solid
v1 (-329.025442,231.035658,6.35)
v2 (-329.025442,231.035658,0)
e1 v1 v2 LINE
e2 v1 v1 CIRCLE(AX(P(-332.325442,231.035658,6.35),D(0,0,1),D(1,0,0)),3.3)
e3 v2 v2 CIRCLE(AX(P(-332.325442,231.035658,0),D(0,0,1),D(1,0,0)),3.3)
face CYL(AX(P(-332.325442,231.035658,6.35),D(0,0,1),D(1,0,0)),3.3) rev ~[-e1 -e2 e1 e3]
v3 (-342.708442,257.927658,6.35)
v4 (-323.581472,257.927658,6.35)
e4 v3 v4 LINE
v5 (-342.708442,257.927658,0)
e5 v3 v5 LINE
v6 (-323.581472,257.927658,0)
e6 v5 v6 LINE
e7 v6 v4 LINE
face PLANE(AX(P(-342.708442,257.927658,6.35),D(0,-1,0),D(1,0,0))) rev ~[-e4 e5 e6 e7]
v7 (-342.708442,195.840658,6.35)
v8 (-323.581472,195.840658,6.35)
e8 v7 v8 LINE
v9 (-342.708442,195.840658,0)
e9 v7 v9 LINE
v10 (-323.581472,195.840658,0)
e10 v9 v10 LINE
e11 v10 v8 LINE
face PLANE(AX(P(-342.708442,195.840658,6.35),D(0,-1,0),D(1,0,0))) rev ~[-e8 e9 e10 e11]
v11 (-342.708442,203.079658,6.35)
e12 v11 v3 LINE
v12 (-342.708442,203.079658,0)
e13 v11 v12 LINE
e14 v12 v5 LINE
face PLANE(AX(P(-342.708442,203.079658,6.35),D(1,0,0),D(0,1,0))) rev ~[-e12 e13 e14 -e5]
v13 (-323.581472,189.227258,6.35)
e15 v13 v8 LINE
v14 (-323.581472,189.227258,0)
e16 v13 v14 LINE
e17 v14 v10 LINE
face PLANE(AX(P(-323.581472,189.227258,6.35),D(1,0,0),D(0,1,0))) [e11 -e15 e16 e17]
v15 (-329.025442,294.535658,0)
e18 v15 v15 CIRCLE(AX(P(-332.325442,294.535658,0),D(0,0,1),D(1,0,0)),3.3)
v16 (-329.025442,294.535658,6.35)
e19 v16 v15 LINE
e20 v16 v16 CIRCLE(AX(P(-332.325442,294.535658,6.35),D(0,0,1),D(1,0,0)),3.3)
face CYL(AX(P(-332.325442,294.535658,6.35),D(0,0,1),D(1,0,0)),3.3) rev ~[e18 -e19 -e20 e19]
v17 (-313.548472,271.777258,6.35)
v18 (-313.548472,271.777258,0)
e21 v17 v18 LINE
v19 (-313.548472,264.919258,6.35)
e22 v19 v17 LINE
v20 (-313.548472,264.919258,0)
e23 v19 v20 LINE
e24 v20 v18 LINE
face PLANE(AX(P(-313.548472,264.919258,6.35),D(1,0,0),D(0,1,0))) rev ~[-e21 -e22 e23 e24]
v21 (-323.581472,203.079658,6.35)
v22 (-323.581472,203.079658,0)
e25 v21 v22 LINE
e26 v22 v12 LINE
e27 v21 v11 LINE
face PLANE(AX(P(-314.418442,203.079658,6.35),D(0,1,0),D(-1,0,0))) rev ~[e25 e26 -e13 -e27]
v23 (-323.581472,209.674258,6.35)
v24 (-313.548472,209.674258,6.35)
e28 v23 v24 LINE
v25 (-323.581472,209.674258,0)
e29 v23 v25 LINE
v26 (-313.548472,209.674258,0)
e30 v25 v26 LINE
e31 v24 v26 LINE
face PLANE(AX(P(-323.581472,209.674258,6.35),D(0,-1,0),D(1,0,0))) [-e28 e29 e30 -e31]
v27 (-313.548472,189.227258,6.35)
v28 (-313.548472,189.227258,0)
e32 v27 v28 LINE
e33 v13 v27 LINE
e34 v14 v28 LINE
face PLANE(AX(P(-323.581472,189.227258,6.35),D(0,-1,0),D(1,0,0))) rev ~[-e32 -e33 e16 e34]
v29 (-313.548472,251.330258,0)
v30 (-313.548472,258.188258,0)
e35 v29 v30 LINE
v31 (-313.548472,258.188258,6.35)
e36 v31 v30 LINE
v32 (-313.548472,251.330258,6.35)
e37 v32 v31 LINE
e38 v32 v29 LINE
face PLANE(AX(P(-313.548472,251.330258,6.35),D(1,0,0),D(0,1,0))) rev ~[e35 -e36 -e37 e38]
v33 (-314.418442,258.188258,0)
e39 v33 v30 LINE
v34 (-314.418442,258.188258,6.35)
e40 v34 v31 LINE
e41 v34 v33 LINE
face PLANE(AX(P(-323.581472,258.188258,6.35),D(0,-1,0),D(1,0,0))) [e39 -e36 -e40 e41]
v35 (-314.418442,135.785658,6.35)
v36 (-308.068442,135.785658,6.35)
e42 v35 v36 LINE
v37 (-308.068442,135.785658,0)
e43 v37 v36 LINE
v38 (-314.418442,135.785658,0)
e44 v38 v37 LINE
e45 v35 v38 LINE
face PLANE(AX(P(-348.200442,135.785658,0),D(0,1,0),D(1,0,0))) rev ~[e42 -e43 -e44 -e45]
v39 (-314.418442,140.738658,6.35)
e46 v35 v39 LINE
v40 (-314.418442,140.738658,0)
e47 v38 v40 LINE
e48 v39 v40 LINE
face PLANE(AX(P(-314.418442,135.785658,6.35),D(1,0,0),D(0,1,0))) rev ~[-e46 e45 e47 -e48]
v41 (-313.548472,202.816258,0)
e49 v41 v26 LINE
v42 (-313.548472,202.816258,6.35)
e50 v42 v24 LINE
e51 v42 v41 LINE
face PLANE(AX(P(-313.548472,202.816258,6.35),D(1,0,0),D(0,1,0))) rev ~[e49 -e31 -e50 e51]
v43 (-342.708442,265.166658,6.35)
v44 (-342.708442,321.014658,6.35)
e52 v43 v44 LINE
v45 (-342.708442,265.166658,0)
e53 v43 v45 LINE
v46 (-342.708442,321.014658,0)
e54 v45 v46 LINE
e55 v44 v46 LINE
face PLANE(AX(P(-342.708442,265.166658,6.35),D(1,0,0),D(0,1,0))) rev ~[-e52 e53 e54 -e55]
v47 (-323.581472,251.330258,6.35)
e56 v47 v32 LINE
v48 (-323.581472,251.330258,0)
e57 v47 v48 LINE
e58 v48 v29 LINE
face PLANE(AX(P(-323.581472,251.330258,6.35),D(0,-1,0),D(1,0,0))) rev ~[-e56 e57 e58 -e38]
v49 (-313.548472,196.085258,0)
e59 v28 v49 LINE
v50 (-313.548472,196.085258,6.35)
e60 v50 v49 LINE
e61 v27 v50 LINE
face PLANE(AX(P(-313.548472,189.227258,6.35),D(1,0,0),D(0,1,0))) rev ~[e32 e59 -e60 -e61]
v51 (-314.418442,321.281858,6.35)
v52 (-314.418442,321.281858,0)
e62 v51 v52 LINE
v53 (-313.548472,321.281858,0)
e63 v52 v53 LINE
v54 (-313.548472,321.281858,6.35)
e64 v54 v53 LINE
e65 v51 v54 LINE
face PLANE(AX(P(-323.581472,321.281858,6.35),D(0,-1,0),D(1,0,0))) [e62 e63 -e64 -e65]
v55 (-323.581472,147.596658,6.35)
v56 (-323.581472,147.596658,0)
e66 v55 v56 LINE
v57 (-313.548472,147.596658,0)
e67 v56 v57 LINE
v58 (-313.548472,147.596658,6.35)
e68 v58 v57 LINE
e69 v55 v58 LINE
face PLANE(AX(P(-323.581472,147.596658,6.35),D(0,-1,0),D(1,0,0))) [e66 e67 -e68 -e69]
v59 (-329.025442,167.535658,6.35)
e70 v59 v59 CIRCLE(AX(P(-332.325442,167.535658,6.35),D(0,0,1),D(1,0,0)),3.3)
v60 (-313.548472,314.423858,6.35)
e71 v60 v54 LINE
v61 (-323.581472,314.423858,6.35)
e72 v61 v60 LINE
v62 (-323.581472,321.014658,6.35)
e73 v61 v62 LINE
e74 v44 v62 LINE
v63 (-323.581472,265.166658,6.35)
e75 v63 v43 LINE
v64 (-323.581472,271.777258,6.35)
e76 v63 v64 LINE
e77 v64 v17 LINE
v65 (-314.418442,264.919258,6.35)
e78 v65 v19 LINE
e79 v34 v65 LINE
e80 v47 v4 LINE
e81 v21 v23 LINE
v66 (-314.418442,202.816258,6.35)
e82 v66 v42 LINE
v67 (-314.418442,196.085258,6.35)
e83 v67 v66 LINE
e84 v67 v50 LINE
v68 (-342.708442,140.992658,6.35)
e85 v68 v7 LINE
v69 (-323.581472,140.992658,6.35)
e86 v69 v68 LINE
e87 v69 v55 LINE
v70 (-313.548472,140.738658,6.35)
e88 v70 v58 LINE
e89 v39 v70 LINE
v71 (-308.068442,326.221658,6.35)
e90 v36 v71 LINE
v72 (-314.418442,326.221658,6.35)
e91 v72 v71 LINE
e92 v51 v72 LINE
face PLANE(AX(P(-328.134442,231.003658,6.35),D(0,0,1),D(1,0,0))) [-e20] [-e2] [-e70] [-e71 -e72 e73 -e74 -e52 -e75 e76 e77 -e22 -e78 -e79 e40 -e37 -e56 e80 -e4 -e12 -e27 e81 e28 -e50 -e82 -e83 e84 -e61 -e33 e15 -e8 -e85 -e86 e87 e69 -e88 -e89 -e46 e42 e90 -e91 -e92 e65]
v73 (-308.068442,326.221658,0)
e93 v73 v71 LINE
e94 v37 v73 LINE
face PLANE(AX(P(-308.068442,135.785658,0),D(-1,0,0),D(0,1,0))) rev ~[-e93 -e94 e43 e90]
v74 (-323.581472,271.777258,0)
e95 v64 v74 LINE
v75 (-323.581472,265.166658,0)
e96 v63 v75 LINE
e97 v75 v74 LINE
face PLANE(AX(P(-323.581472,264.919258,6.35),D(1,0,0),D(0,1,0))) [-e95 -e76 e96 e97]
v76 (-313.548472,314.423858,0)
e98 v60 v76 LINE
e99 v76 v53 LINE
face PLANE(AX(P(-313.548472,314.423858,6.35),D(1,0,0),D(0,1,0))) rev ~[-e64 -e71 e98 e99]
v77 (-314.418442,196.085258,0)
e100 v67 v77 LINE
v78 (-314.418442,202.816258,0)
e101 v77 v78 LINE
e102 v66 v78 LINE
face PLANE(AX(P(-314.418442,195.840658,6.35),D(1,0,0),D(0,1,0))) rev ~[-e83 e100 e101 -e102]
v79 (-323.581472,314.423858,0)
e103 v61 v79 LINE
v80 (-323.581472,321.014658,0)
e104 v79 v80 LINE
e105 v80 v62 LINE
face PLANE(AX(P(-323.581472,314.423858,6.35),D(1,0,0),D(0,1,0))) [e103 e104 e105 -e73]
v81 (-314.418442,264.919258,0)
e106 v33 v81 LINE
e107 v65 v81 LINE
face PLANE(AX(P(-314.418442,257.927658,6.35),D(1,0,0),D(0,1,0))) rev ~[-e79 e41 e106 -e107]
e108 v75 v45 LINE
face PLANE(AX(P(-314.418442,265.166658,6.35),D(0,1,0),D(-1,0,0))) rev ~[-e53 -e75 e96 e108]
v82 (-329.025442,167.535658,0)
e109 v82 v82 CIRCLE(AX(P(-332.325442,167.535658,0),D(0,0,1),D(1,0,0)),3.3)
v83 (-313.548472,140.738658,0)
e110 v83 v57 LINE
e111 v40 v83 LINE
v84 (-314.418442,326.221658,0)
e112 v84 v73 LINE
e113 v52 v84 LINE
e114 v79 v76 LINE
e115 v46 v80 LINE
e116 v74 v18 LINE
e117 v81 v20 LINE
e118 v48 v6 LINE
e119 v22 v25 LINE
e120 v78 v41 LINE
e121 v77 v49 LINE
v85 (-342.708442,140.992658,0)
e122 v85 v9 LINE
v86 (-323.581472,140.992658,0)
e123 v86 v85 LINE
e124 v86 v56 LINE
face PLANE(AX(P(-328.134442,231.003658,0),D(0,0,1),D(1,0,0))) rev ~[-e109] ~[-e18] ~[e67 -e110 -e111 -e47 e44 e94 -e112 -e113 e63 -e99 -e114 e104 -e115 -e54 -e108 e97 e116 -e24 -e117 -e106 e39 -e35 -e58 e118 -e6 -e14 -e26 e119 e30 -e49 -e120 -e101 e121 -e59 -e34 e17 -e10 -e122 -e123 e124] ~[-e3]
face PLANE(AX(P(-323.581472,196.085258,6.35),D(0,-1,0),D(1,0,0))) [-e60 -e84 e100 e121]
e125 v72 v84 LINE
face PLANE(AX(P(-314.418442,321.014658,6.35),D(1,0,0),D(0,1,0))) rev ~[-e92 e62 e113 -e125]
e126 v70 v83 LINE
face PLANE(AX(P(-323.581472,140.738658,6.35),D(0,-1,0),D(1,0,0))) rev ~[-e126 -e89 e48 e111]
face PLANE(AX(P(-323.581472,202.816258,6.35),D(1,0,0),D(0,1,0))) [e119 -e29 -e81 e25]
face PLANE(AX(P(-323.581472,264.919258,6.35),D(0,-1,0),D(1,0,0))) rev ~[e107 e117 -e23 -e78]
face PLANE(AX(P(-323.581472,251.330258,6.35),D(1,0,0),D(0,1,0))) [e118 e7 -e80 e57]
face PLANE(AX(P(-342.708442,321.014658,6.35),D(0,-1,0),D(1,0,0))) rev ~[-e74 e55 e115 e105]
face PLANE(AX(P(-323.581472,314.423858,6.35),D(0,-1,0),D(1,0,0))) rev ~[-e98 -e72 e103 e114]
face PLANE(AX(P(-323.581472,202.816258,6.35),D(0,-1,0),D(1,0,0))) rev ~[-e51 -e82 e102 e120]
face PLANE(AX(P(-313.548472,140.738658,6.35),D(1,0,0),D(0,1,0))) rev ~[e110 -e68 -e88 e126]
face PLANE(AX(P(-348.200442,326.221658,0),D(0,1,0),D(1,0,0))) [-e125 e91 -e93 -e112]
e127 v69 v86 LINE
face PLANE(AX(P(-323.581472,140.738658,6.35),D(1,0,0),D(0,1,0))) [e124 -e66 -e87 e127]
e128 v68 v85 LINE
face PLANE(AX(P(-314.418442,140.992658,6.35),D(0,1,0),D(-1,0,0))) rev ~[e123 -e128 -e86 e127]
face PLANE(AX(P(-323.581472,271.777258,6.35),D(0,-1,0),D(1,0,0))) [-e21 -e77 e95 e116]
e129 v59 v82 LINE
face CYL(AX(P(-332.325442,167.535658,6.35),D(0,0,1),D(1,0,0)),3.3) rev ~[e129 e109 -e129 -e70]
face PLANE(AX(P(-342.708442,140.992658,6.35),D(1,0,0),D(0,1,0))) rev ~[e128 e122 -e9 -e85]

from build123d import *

# Parameters (mm, degrees)
SKETCH2_W           = 40.132
SKETCH2_H           = 190.436
BOSS_EXTRUDE1_DEPTH = 6.35
SKETCH3_R           = 3.3
CUT_EXTRUDE1_DEPTH  = 478.183864302
SKETCH4_W           = 10.033
SKETCH4_H           = 6.858
CUT_EXTRUDE2_DEPTH  = 474.191260281


with BuildPart() as part:
    # Sketch2 → Boss-Extrude1 (new body)
    with BuildSketch(Plane.XY):
        with Locations((-328.134441571, 231.003658294)):
            Rectangle(SKETCH2_W, SKETCH2_H)
    extrude(amount=BOSS_EXTRUDE1_DEPTH)

    # Sketch3 → Cut-Extrude1 (cut, through all)
    with BuildSketch(Plane.XY.offset(6.35)):
        Polygon((-314.418441571, 195.840658294), (-314.418441571, 203.079658294), (-342.708441633, 203.079658294), (-342.708441633, 257.927658294), (-314.418441571, 257.927658294), (-314.418441571, 265.166658294), (-342.708441633, 265.166658294), (-342.708441633, 321.014658294), (-314.418441571, 321.014658294), (-314.418441571, 326.221658294), (-348.200441571, 326.221658294), (-348.200441571, 135.785658294), (-314.418441571, 135.785658294), (-314.418441571, 140.992658294), (-342.708441633, 140.992658294), (-342.708441633, 195.840658294), align=None)
        with Locations((-332.325441571, 294.535658294)):
            Circle(SKETCH3_R)
        with Locations((-332.325441571, 231.035658294)):
            Circle(SKETCH3_R)
        with Locations((-332.325441571, 167.535658294)):
            Circle(SKETCH3_R)
    extrude(amount=-CUT_EXTRUDE1_DEPTH, mode=Mode.SUBTRACT)

    # Sketch4 → Cut-Extrude2 (cut, through all)
    with BuildSketch(Plane.XY.offset(6.35)):
        with Locations((-318.564971808, 144.167658294)):
            Rectangle(SKETCH4_W, SKETCH4_H)
        with Locations((-318.564971808, 192.656258294)):
            Rectangle(SKETCH4_W, SKETCH4_H)
        with Locations((-318.564971808, 206.245258294)):
            Rectangle(SKETCH4_W, SKETCH4_H)
        with Locations((-318.564971808, 254.759258294)):
            Rectangle(SKETCH4_W, SKETCH4_H)
        with Locations((-318.564971808, 268.348258294)):
            Rectangle(SKETCH4_W, SKETCH4_H)
        with Locations((-318.564971808, 317.852858294)):
            Rectangle(SKETCH4_W, SKETCH4_H)
    extrude(amount=-CUT_EXTRUDE2_DEPTH, mode=Mode.SUBTRACT)


solid = part.part
